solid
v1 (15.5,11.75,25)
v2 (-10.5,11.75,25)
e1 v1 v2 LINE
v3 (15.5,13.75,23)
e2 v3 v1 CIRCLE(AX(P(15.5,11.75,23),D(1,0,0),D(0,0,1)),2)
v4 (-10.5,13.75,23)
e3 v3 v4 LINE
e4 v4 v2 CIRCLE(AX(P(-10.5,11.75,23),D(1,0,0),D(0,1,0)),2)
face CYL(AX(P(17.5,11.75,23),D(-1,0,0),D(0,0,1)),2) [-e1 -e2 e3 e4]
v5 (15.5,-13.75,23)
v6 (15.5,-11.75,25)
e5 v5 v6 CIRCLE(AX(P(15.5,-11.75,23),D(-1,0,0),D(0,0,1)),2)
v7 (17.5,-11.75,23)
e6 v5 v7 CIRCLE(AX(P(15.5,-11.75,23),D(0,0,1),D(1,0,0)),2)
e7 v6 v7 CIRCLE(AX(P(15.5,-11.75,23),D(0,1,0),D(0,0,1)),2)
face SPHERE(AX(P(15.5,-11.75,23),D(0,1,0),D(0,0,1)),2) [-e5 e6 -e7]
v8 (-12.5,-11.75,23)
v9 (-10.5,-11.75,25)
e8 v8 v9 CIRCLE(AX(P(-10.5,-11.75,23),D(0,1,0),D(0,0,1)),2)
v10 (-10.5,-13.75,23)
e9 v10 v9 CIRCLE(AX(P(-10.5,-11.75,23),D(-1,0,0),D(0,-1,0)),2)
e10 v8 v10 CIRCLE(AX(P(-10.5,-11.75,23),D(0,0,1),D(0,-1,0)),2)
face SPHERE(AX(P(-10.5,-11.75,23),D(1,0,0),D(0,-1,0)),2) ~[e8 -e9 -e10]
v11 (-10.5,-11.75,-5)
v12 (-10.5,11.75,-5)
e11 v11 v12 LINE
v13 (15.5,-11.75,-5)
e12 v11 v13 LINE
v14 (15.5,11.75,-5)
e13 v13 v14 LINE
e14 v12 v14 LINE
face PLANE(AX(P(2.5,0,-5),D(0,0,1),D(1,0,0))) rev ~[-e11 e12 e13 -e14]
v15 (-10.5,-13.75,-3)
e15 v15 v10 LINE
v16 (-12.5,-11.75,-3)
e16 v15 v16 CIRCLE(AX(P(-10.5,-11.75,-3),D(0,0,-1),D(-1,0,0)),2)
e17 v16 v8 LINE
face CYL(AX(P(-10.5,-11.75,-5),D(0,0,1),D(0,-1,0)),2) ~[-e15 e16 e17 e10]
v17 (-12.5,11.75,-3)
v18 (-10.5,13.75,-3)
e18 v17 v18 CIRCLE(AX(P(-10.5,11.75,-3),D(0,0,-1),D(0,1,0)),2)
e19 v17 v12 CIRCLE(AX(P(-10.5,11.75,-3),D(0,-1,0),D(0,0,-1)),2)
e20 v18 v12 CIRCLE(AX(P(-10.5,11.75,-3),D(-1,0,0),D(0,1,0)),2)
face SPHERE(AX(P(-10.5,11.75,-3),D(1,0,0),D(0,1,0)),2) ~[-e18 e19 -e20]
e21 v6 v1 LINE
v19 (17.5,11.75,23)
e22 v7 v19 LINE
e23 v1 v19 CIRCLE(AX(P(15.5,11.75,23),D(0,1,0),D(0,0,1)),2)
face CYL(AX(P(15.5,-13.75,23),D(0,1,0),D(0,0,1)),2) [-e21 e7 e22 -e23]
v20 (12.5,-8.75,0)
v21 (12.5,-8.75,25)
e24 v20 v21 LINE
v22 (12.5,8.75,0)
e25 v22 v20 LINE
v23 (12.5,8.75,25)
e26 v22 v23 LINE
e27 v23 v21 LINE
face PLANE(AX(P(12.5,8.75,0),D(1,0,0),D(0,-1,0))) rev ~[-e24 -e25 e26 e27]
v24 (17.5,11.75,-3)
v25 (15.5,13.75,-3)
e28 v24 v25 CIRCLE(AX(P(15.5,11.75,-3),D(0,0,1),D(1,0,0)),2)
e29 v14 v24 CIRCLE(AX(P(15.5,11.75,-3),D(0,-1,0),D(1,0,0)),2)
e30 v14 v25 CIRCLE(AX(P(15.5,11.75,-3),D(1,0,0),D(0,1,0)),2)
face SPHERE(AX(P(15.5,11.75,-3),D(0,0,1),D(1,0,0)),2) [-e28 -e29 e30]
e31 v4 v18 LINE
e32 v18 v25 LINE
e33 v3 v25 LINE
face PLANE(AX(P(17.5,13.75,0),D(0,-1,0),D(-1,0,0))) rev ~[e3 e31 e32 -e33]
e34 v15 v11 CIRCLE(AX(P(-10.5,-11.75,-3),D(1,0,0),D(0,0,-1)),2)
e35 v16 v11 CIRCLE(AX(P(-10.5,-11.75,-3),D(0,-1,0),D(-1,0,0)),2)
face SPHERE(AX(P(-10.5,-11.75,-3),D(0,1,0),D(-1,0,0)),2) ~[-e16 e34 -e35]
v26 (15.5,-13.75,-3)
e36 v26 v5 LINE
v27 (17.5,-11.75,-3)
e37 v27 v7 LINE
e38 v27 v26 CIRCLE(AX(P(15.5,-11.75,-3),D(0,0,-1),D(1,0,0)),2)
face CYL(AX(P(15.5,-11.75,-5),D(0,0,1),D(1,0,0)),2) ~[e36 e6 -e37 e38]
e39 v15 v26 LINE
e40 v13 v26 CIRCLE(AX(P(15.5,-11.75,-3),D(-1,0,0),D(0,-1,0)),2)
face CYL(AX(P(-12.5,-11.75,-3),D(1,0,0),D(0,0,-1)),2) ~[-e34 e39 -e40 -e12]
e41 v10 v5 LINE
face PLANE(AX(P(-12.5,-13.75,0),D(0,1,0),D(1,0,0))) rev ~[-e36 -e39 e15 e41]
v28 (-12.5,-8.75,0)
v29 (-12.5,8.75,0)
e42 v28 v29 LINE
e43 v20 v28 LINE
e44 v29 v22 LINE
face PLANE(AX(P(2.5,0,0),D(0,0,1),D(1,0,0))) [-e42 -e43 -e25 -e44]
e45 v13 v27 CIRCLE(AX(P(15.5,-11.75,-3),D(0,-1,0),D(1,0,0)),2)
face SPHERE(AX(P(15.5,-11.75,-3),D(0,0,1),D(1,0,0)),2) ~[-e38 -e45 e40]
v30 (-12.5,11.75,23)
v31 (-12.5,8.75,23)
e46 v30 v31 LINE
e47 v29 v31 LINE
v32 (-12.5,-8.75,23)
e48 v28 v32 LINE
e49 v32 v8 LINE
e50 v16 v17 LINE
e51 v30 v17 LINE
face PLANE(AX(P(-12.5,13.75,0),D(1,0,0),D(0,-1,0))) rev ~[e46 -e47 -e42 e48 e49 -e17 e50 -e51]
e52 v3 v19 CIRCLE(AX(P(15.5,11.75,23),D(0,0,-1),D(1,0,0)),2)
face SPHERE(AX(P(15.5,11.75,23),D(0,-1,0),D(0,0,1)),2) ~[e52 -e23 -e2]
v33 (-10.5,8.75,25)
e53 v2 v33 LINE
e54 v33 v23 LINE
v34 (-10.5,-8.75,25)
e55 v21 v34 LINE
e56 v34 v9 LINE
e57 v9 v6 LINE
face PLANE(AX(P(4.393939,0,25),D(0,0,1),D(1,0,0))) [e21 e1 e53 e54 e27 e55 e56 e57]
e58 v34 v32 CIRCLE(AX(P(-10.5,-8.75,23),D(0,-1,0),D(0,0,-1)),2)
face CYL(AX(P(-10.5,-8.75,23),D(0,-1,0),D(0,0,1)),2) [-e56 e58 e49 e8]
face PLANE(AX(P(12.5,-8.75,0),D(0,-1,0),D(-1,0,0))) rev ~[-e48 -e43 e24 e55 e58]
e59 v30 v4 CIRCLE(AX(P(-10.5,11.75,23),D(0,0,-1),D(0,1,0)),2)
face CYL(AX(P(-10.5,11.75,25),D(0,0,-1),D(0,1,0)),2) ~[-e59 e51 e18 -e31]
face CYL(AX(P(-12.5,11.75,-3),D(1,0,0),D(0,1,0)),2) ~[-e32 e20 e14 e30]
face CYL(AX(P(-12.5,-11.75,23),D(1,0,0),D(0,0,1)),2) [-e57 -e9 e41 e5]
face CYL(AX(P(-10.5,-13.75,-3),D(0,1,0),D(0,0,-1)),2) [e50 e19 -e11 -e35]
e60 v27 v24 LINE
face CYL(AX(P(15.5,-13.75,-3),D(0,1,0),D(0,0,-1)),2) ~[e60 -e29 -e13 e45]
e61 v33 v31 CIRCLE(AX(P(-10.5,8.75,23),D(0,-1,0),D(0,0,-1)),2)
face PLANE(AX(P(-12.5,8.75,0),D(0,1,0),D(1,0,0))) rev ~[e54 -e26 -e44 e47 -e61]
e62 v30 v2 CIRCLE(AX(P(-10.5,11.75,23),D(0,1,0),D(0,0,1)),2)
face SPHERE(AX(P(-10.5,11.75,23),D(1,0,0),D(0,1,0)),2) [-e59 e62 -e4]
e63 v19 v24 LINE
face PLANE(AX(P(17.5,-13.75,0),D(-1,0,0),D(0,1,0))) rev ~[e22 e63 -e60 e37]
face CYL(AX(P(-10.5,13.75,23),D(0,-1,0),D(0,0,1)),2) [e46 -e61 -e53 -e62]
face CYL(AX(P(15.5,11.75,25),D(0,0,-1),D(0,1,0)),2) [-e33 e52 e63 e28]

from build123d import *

# Parameters (mm, degrees)
SKETCH_W     = 30
SKETCH_H     = 27.5
PAD_DEPTH    = 5
PAD001_DEPTH = 25
FILLET_R     = 2


with BuildPart() as part:
    # Sketch → Pad (new body)
    with BuildSketch(Plane.XY):
        with Locations((2.5, 0)):
            Rectangle(SKETCH_W, SKETCH_H)
    extrude(amount=-PAD_DEPTH)

    # Sketch001 → Pad001 (join)
    with BuildSketch(Plane.XY):
        Polygon((-12.5, 8.75), (12.5, 8.75), (12.5, -8.75), (-12.5, -8.75), (-12.5, -13.75), (17.5, -13.75), (17.5, 13.75), (-12.5, 13.75), align=None)
    extrude(amount=PAD001_DEPTH)

    # Fillet
    fillet_edges = [part.edges().sort_by_distance(p)[0] for p in [
        (17.5, 0, 25),
        (2.5, -13.75, 25),
        (2.5, 13.75, 25),
        (17.5, 13.75, 10),
        (17.5, -13.75, 10),
        (17.5, 0, -5),
        (2.5, 13.75, -5),
        (-12.5, 13.75, 10),
        (-12.5, 0, -5),
        (-12.5, -13.75, 10),
        (2.5, -13.75, -5),
        (-12.5, -11.25, 25),
        (-12.5, 11.25, 25),
    ]]
    fillet(fillet_edges, radius=FILLET_R)


solid = part.part
